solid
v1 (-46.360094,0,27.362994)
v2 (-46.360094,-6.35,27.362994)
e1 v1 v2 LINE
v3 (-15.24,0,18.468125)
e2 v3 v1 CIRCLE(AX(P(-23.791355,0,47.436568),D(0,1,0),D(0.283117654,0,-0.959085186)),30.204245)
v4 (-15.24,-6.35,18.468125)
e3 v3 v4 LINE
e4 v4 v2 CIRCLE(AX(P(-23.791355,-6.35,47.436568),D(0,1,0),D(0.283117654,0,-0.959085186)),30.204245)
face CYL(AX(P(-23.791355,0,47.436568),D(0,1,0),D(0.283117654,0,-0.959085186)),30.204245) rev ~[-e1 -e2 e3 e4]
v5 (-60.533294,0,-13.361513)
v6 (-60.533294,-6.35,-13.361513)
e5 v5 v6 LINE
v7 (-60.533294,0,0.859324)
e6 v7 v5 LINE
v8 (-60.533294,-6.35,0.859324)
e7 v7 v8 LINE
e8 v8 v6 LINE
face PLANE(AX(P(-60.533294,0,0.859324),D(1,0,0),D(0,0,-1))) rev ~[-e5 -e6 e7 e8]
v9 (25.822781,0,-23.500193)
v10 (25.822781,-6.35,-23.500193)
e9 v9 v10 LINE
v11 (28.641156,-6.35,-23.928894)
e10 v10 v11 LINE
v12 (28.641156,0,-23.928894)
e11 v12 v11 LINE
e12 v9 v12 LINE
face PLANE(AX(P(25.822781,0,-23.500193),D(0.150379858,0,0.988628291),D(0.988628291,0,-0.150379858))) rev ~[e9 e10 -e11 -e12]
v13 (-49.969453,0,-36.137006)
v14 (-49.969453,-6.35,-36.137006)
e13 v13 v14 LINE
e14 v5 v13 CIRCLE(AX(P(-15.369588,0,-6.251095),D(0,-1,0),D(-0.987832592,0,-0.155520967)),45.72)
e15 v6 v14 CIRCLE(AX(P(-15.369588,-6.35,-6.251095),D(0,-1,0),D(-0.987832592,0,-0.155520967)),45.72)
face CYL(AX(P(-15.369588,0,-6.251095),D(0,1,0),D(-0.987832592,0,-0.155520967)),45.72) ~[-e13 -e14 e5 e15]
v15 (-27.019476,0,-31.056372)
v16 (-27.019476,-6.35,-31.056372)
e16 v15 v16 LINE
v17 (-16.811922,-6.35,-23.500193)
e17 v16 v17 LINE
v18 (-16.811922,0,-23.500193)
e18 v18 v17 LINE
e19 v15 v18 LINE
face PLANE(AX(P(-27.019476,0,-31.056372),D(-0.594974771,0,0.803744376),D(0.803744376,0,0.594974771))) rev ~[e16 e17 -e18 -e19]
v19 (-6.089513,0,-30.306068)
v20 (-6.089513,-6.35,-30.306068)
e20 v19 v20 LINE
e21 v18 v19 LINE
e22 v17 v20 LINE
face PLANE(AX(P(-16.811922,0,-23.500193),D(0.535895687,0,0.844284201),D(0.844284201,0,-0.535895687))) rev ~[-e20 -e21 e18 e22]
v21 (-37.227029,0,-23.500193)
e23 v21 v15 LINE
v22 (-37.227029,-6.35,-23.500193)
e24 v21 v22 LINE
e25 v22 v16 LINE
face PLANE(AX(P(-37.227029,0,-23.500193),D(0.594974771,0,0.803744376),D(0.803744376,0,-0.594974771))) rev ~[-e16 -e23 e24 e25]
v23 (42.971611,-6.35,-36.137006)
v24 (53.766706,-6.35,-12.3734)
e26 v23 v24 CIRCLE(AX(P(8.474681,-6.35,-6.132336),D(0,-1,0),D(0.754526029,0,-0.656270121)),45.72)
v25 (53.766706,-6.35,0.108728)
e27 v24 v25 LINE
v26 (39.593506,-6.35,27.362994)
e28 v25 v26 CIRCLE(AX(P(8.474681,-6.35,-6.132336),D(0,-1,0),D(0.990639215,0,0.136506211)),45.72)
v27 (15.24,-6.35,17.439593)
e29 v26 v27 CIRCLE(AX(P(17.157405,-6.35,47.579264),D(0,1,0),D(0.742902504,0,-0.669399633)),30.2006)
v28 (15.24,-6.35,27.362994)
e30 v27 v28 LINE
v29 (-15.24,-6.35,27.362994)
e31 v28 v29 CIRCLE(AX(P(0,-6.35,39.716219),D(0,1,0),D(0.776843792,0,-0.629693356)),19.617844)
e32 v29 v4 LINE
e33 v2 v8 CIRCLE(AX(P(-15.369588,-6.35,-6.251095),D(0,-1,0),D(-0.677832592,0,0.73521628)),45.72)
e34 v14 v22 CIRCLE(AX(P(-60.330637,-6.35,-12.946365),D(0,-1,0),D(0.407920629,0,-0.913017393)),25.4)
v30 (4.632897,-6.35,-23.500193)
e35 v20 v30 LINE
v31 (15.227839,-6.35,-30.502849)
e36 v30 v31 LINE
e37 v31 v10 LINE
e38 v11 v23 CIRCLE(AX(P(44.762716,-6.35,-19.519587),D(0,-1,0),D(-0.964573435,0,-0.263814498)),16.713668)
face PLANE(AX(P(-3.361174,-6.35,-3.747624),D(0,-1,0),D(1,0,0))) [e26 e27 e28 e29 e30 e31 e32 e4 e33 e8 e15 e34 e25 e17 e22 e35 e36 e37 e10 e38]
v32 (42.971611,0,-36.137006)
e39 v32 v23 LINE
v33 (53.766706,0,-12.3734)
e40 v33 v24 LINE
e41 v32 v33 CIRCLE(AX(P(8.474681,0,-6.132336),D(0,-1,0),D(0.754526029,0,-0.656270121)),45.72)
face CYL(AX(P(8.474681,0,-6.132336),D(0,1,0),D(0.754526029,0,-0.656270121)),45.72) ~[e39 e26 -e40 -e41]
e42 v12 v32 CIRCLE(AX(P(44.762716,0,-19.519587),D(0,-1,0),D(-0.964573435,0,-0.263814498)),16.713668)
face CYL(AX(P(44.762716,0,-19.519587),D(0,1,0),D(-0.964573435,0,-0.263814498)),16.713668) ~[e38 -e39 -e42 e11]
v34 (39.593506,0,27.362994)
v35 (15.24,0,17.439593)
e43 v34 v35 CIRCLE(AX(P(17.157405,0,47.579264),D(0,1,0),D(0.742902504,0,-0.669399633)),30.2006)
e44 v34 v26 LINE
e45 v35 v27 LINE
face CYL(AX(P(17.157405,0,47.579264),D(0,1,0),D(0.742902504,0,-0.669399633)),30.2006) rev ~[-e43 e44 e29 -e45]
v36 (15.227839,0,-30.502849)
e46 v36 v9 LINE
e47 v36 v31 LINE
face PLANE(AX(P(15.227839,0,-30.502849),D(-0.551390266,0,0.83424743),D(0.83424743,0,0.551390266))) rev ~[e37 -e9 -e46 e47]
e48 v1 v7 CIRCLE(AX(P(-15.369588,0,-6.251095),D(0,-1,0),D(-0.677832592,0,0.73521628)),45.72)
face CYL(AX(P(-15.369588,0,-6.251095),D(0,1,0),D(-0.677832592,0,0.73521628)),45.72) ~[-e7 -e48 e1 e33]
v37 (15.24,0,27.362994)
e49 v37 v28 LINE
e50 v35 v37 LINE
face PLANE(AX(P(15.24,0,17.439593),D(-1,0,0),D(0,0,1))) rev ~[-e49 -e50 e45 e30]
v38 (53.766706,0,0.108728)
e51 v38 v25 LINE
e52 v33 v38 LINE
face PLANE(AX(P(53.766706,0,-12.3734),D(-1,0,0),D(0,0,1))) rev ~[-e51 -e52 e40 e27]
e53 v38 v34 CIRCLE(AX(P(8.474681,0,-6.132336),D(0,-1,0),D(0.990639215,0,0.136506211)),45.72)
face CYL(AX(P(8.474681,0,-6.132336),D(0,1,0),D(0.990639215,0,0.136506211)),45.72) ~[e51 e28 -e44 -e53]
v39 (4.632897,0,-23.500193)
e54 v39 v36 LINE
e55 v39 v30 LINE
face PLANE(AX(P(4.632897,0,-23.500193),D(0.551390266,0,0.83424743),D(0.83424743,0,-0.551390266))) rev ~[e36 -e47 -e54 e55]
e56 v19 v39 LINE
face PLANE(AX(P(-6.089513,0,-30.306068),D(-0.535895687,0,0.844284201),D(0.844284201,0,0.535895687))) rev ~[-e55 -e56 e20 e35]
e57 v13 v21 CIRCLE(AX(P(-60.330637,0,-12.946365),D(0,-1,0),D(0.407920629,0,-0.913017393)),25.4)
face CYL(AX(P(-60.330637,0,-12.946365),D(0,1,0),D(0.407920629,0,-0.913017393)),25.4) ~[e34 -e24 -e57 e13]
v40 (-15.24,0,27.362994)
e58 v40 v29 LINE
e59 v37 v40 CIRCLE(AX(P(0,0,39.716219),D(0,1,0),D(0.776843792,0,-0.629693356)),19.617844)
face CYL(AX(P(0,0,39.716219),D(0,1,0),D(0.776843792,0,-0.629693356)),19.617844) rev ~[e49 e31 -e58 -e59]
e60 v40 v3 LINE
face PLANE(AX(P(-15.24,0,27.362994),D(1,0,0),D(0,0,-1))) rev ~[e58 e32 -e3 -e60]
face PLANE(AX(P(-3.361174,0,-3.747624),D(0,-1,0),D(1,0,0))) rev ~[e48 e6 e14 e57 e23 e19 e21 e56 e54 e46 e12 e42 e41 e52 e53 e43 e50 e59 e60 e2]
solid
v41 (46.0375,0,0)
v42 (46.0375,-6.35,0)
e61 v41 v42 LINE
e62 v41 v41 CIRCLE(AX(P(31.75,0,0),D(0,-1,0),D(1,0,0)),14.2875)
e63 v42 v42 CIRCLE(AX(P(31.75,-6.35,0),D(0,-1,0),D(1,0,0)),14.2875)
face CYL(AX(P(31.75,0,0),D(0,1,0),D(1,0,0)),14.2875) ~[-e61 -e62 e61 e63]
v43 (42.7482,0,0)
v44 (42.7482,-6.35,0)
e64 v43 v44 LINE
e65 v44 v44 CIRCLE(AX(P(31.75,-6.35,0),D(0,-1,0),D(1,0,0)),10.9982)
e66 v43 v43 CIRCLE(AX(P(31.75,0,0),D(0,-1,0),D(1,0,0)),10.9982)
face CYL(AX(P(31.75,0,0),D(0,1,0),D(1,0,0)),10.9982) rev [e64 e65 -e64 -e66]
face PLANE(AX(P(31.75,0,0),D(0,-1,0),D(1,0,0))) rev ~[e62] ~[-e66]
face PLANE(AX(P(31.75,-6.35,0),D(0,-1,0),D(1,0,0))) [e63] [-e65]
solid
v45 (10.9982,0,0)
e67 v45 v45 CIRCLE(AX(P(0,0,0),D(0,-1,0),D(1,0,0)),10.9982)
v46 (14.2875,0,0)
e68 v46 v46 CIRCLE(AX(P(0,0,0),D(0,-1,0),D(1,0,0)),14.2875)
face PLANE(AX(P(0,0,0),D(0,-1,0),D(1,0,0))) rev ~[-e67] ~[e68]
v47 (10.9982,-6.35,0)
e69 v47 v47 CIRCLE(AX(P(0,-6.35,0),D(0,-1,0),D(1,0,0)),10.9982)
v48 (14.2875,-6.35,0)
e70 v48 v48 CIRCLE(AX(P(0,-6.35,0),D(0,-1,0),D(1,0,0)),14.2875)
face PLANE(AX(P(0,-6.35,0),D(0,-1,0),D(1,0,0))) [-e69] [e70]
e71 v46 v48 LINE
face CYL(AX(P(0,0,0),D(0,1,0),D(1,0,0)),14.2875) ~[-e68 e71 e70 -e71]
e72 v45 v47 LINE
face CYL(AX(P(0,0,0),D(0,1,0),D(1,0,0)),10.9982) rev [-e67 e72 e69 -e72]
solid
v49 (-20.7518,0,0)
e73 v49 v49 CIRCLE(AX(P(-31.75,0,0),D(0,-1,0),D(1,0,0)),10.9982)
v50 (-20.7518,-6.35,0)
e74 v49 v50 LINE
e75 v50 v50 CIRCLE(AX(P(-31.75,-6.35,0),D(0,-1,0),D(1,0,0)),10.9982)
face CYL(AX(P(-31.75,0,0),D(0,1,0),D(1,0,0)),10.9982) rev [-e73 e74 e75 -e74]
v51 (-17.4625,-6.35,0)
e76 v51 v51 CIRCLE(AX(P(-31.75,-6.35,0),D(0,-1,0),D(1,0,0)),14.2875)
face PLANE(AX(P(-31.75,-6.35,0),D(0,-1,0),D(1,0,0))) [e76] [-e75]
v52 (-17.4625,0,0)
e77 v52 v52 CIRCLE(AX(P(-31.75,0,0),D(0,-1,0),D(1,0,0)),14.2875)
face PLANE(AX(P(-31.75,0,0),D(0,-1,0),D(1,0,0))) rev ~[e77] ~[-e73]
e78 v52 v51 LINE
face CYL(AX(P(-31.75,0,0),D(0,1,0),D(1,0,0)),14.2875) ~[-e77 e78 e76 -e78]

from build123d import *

# Parameters (mm, degrees)
F4_DEPTH = 6.35
F0_R     = 14.2875
F0_R_2   = 10.9982


with BuildPart() as f4:
    # F1 (on Front) → F4 (new body)
    with BuildSketch(Plane.XZ):
        with BuildLine():
            ThreePointArc((-15.24, 18.468124792), (-32.0920439446, 18.3953054193), (-46.3600941002, 27.3629936683))
            ThreePointArc((-46.3600941002, 27.3629936683), (-55.6867944507, 15.3090831277), (-60.5332941002, 0.8593239638))
            Line((-60.5332941002, 0.8593239638), (-60.5332941002, -13.3615132382))
            ThreePointArc((-60.5332941002, -13.3615132382), (-56.8453351864, -25.488578792), (-49.9694533646, -36.1370063317))
            ThreePointArc((-49.9694533646, -36.1370063317), (-42.445018967, -30.9814596408), (-37.2270291144, -23.5001925967))
            Line((-37.2270291144, -23.5001925967), (-27.0194755375, -31.0563721852))
            Line((-27.0194755375, -31.0563721852), (-16.8119219606, -23.5001925967))
            Line((-16.8119219606, -23.5001925967), (-6.0895126072, -30.3060678276))
            Line((-6.0895126072, -30.3060678276), (4.6328967462, -23.5001925967))
            Line((4.6328967462, -23.5001925967), (15.2278391087, -30.5028489737))
            Line((15.2278391087, -30.5028489737), (25.8227814712, -23.5001925967))
            Line((25.8227814712, -23.5001925967), (28.6411562365, -23.9288944679))
            ThreePointArc((28.6411562365, -23.9288944679), (33.9241096898, -32.2424519093), (42.9716110229, -36.1370063317))
            ThreePointArc((42.9716110229, -36.1370063317), (50.100953644, -25.0419060518), (53.7667058998, -12.3734003454))
            Line((53.7667058998, -12.3734003454), (53.7667058998, 0.1087275566))
            ThreePointArc((53.7667058998, 0.1087275566), (49.0376351211, 14.9618607191), (39.5935058998, 27.3629936683))
            ThreePointArc((39.5935058998, 27.3629936683), (28.5535750131, 19.6113623022), (15.24, 17.4395927038))
            Line((15.24, 17.4395927038), (15.24, 27.3629936683))
            ThreePointArc((15.24, 27.3629936683), (0, 20.0983758526), (-15.24, 27.3629936683))
            Line((-15.24, 27.3629936683), (-15.24, 18.468124792))
        make_face()
    extrude(amount=F4_DEPTH)


with BuildPart() as f4b:
    # F0 (on Front) → F4, piece 2 (new body)
    with BuildSketch(Plane.XZ):
        with Locations((-31.75, 0)):
            Circle(F0_R)
        with Locations((-31.75, 0)):
            Circle(F0_R_2, mode=Mode.SUBTRACT)
    extrude(amount=F4_DEPTH)


with BuildPart() as f4c:
    # F0 (on Front) → F4, piece 3 (new body)
    with BuildSketch(Plane.XZ):
        Circle(F0_R)
        Circle(F0_R_2, mode=Mode.SUBTRACT)
    extrude(amount=F4_DEPTH)


with BuildPart() as f4d:
    # F0 (on Front) → F4, piece 4 (new body)
    with BuildSketch(Plane.XZ):
        with Locations((31.75, 0)):
            Circle(F0_R)
        with Locations((31.75, 0)):
            Circle(F0_R_2, mode=Mode.SUBTRACT)
    extrude(amount=F4_DEPTH)


solid = Compound([f4.part, f4b.part, f4c.part, f4d.part])
